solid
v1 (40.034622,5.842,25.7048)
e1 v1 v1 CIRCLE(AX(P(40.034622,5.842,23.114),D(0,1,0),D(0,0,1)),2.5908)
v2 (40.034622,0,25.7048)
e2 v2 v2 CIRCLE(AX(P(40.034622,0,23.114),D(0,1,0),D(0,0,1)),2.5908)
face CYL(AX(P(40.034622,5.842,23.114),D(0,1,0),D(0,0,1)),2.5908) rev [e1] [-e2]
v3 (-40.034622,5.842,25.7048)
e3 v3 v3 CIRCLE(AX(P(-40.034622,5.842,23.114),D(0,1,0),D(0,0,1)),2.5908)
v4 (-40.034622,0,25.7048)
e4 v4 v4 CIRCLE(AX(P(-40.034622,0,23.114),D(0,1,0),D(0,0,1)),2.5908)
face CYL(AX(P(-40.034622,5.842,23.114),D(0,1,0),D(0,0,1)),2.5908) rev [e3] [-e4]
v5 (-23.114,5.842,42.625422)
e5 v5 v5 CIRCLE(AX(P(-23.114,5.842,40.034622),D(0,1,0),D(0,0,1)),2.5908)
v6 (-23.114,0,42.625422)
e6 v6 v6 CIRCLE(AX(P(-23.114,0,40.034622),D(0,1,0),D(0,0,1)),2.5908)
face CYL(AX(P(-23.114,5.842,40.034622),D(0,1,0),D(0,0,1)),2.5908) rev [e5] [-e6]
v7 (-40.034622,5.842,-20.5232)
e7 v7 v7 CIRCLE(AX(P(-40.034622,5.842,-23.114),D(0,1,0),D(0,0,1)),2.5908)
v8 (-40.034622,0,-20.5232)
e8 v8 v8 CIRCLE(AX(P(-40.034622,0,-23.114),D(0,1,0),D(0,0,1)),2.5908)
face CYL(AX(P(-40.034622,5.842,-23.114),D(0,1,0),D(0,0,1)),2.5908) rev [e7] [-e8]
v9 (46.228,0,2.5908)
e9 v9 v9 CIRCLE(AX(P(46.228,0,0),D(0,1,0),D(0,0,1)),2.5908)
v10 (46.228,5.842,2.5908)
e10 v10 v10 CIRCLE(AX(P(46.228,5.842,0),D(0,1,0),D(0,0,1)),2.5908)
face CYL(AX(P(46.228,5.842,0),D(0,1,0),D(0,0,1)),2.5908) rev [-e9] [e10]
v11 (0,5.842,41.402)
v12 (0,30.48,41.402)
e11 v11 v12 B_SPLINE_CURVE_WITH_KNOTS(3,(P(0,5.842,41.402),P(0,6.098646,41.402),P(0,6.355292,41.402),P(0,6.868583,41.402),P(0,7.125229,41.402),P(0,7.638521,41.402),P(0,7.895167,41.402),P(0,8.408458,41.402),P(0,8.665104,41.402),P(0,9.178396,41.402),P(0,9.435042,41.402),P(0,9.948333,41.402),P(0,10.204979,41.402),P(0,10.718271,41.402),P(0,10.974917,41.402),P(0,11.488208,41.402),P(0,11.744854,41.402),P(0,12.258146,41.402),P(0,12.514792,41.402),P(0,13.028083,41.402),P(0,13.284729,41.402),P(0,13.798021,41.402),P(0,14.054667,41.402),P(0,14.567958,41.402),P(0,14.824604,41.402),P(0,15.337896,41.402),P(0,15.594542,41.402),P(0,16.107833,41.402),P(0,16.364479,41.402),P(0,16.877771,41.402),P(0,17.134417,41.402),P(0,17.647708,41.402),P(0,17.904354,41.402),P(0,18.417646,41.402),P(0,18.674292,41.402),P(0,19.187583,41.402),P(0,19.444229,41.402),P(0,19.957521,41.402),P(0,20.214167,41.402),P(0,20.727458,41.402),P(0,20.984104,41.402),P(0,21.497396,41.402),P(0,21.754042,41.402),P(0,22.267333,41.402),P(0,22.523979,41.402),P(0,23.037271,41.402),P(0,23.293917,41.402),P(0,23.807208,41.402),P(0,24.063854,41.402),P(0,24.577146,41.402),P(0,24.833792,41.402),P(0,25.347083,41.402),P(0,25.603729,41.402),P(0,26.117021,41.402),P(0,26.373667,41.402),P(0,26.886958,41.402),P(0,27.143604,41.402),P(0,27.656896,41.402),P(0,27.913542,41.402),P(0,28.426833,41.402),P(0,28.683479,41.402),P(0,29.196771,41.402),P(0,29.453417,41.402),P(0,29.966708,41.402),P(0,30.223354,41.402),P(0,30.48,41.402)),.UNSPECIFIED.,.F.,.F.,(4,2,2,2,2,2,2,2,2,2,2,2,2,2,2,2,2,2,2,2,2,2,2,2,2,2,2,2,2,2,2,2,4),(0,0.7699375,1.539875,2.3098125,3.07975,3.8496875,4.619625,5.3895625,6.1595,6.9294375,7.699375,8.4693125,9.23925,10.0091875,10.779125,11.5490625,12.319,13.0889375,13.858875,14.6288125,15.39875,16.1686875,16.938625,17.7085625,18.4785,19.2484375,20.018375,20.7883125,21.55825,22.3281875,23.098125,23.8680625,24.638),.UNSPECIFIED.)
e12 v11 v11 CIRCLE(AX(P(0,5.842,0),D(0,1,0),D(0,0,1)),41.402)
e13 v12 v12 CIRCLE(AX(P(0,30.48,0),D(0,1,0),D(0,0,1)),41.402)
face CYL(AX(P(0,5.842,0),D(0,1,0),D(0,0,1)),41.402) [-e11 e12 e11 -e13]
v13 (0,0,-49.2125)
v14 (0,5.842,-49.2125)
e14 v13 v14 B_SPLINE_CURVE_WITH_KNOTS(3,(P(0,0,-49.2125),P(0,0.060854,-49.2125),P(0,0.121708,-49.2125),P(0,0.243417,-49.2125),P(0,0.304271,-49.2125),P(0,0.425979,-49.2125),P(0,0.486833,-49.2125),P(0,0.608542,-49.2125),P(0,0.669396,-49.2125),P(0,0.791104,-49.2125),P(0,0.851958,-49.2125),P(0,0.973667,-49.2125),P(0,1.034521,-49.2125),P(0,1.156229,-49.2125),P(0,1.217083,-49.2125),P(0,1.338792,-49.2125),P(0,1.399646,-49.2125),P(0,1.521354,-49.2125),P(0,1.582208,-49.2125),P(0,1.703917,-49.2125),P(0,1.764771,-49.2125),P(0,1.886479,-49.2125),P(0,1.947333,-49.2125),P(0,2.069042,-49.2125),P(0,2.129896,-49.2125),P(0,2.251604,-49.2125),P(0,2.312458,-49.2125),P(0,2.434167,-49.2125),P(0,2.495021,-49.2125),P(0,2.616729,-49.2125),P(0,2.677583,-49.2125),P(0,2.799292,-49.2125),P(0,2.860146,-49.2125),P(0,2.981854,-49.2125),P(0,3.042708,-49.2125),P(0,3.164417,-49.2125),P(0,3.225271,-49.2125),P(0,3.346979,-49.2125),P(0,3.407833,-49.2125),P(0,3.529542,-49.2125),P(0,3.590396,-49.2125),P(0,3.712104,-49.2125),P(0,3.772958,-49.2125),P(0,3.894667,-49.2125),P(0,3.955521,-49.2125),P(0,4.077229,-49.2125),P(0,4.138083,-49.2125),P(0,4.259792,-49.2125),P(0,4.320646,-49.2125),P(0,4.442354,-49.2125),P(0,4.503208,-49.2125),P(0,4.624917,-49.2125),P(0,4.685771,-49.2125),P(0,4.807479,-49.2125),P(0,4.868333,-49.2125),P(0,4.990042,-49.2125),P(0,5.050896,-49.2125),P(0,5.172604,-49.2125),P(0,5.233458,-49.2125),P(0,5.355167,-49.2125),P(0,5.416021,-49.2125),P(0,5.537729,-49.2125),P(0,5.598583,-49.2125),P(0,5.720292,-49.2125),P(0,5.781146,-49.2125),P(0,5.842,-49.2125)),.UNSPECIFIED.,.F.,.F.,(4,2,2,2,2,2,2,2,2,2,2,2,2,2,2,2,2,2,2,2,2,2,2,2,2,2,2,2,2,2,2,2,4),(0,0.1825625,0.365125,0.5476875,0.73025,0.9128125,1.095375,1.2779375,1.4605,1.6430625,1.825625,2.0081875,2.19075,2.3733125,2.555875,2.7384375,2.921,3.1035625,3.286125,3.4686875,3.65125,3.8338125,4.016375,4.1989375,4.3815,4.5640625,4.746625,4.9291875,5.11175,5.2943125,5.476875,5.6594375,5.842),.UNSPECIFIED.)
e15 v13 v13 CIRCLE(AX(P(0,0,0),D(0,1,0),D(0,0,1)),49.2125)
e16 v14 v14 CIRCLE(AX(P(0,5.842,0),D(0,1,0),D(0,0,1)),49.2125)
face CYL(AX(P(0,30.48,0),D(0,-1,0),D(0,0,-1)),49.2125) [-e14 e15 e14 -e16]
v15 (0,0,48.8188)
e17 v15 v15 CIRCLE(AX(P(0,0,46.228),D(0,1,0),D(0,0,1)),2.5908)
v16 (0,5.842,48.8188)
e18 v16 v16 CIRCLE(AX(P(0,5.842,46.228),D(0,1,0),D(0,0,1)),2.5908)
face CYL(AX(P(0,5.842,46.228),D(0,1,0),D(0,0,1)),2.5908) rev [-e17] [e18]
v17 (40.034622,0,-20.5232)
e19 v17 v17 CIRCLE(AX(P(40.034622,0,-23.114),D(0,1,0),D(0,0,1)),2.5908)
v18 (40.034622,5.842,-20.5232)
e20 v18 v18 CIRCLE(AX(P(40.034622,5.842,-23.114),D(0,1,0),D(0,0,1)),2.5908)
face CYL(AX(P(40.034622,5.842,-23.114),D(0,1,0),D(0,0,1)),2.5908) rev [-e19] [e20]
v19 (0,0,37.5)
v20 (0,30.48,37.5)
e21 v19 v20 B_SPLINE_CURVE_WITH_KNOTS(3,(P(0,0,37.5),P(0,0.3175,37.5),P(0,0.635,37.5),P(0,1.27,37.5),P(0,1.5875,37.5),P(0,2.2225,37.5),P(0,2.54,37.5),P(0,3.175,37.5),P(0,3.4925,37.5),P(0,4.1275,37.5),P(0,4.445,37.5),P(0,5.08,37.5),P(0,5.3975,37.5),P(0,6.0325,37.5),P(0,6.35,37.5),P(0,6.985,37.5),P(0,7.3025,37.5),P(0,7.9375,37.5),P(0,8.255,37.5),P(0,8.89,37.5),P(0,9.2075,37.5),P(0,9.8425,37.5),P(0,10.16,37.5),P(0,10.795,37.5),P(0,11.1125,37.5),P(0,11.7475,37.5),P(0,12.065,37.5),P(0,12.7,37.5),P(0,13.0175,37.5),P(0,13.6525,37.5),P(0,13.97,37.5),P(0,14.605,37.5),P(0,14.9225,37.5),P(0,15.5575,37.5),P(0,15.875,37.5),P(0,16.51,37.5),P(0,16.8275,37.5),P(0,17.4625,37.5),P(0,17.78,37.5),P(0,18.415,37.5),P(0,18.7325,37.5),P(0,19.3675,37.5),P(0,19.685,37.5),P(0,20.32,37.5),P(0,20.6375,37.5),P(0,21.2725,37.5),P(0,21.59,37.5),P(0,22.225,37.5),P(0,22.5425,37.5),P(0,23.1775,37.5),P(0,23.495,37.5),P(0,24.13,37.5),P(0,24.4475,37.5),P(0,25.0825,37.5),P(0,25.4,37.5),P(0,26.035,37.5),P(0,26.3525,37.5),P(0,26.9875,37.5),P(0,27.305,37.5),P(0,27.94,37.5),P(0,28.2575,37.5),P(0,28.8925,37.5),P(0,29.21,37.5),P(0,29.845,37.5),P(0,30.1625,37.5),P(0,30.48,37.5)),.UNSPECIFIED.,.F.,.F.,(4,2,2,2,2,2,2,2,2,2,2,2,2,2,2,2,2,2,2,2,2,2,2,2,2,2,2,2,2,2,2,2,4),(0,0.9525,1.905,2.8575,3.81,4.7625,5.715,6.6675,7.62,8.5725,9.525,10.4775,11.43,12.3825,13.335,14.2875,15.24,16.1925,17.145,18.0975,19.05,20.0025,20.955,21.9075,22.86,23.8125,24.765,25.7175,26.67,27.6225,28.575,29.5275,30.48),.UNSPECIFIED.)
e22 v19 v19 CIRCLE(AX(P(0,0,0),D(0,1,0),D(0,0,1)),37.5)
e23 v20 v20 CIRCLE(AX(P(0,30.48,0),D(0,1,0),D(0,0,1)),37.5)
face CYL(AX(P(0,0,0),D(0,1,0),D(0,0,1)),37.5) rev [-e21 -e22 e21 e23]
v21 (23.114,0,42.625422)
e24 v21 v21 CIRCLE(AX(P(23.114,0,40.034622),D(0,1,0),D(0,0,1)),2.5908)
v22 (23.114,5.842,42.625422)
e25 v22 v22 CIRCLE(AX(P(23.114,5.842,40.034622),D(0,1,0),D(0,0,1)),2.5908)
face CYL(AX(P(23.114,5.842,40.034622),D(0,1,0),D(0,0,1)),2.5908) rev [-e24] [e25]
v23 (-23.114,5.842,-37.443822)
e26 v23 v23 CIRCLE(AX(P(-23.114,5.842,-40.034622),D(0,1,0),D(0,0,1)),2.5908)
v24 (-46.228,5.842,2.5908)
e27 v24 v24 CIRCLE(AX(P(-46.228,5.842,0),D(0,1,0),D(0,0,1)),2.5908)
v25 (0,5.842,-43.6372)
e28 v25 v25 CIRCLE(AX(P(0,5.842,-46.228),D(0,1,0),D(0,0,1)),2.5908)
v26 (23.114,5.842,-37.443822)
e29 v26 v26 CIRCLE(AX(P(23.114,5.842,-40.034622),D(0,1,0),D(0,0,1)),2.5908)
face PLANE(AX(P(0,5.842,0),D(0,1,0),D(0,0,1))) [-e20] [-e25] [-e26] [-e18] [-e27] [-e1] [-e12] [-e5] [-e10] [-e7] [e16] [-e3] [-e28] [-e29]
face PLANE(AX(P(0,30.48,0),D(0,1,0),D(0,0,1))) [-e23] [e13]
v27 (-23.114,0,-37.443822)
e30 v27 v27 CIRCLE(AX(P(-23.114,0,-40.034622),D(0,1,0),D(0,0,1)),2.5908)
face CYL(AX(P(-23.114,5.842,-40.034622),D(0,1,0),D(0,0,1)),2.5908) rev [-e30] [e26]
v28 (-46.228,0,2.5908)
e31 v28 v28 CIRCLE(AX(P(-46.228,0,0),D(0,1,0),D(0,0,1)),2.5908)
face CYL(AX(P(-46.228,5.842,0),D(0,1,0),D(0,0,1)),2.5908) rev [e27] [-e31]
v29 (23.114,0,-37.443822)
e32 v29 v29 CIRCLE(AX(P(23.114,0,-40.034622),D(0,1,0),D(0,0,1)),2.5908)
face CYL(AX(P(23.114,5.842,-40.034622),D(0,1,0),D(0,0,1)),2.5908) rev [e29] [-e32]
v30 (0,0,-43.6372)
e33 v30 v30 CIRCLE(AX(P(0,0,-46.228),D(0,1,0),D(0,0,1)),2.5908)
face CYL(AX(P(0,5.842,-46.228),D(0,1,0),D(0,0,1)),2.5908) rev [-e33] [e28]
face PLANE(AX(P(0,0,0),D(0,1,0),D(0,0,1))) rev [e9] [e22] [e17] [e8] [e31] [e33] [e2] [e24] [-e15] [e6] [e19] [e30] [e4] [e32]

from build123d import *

# Parameters (mm, degrees)
SKETCH4_R                  = 49.2125
BOSS_EXTRUDE2_DEPTH        = 30.48
SKETCH5_OUTSIDE_W          = 128.922
SKETCH5_OUTSIDE_H          = 128.922
SKETCH5_OUTSIDE_R          = 41.402
CUT_EXTRUDE3_DEPTH         = 24.638
SKETCH6_R                  = 37.5
CUT_EXTRUDE4_DEPTH         = 76.978751717
F_6_0_204_DIAMETER_HOLE2_D = 5.1816
CIRPATTERN5_COUNT          = 12


with BuildPart() as part:
    # Sketch4 → Boss-Extrude2 (new body)
    with BuildSketch(Plane(origin=(0, 0, 0), x_dir=(1, 0, 0), z_dir=(0, 1, 0))):
        with Locations(Location((0, 0, 0), (0, 0, 90))):
            Circle(SKETCH4_R)
    extrude(amount=BOSS_EXTRUDE2_DEPTH)

    # Sketch5 outside → Cut-Extrude3 (cut)
    with BuildSketch(Plane(origin=(0, 30.48, 0), x_dir=(1, 0, 0), z_dir=(0, 1, 0))):
        Rectangle(SKETCH5_OUTSIDE_W, SKETCH5_OUTSIDE_H)
        with Locations(Location((0, 0, 0), (0, 0, 270))):
            Circle(SKETCH5_OUTSIDE_R, mode=Mode.SUBTRACT)
    extrude(amount=-CUT_EXTRUDE3_DEPTH, mode=Mode.SUBTRACT)

    # Sketch6 → Cut-Extrude4 (cut, through all)
    with BuildSketch(Plane(origin=(0, 30.48, 0), x_dir=(1, 0, 0), z_dir=(0, 1, 0))):
        with Locations(Location((0, 0, 0), (0, 0, 270))):
            Circle(SKETCH6_R)
    extrude(amount=-CUT_EXTRUDE4_DEPTH, mode=Mode.SUBTRACT)

    # #6 (0.204) Diameter Hole2 (through all)
    with Locations(Plane(origin=(0, 5.842, 0), x_dir=(1, 0, 0), z_dir=(0, 1, 0))):
        with Locations((0, 46.228)):
            f_6_0_204_diameter_hole2 = Hole(F_6_0_204_DIAMETER_HOLE2_D / 2)

    # CirPattern5: #6 (0.204) Diameter Hole2 ×12 about axis
    cirpattern5_axis = Axis((0, 0, 0), (0, 1, 0))
    for i in range(1, CIRPATTERN5_COUNT):
        add(f_6_0_204_diameter_hole2.rotate(cirpattern5_axis, i * 360 / CIRPATTERN5_COUNT), mode=Mode.SUBTRACT)


solid = part.part
